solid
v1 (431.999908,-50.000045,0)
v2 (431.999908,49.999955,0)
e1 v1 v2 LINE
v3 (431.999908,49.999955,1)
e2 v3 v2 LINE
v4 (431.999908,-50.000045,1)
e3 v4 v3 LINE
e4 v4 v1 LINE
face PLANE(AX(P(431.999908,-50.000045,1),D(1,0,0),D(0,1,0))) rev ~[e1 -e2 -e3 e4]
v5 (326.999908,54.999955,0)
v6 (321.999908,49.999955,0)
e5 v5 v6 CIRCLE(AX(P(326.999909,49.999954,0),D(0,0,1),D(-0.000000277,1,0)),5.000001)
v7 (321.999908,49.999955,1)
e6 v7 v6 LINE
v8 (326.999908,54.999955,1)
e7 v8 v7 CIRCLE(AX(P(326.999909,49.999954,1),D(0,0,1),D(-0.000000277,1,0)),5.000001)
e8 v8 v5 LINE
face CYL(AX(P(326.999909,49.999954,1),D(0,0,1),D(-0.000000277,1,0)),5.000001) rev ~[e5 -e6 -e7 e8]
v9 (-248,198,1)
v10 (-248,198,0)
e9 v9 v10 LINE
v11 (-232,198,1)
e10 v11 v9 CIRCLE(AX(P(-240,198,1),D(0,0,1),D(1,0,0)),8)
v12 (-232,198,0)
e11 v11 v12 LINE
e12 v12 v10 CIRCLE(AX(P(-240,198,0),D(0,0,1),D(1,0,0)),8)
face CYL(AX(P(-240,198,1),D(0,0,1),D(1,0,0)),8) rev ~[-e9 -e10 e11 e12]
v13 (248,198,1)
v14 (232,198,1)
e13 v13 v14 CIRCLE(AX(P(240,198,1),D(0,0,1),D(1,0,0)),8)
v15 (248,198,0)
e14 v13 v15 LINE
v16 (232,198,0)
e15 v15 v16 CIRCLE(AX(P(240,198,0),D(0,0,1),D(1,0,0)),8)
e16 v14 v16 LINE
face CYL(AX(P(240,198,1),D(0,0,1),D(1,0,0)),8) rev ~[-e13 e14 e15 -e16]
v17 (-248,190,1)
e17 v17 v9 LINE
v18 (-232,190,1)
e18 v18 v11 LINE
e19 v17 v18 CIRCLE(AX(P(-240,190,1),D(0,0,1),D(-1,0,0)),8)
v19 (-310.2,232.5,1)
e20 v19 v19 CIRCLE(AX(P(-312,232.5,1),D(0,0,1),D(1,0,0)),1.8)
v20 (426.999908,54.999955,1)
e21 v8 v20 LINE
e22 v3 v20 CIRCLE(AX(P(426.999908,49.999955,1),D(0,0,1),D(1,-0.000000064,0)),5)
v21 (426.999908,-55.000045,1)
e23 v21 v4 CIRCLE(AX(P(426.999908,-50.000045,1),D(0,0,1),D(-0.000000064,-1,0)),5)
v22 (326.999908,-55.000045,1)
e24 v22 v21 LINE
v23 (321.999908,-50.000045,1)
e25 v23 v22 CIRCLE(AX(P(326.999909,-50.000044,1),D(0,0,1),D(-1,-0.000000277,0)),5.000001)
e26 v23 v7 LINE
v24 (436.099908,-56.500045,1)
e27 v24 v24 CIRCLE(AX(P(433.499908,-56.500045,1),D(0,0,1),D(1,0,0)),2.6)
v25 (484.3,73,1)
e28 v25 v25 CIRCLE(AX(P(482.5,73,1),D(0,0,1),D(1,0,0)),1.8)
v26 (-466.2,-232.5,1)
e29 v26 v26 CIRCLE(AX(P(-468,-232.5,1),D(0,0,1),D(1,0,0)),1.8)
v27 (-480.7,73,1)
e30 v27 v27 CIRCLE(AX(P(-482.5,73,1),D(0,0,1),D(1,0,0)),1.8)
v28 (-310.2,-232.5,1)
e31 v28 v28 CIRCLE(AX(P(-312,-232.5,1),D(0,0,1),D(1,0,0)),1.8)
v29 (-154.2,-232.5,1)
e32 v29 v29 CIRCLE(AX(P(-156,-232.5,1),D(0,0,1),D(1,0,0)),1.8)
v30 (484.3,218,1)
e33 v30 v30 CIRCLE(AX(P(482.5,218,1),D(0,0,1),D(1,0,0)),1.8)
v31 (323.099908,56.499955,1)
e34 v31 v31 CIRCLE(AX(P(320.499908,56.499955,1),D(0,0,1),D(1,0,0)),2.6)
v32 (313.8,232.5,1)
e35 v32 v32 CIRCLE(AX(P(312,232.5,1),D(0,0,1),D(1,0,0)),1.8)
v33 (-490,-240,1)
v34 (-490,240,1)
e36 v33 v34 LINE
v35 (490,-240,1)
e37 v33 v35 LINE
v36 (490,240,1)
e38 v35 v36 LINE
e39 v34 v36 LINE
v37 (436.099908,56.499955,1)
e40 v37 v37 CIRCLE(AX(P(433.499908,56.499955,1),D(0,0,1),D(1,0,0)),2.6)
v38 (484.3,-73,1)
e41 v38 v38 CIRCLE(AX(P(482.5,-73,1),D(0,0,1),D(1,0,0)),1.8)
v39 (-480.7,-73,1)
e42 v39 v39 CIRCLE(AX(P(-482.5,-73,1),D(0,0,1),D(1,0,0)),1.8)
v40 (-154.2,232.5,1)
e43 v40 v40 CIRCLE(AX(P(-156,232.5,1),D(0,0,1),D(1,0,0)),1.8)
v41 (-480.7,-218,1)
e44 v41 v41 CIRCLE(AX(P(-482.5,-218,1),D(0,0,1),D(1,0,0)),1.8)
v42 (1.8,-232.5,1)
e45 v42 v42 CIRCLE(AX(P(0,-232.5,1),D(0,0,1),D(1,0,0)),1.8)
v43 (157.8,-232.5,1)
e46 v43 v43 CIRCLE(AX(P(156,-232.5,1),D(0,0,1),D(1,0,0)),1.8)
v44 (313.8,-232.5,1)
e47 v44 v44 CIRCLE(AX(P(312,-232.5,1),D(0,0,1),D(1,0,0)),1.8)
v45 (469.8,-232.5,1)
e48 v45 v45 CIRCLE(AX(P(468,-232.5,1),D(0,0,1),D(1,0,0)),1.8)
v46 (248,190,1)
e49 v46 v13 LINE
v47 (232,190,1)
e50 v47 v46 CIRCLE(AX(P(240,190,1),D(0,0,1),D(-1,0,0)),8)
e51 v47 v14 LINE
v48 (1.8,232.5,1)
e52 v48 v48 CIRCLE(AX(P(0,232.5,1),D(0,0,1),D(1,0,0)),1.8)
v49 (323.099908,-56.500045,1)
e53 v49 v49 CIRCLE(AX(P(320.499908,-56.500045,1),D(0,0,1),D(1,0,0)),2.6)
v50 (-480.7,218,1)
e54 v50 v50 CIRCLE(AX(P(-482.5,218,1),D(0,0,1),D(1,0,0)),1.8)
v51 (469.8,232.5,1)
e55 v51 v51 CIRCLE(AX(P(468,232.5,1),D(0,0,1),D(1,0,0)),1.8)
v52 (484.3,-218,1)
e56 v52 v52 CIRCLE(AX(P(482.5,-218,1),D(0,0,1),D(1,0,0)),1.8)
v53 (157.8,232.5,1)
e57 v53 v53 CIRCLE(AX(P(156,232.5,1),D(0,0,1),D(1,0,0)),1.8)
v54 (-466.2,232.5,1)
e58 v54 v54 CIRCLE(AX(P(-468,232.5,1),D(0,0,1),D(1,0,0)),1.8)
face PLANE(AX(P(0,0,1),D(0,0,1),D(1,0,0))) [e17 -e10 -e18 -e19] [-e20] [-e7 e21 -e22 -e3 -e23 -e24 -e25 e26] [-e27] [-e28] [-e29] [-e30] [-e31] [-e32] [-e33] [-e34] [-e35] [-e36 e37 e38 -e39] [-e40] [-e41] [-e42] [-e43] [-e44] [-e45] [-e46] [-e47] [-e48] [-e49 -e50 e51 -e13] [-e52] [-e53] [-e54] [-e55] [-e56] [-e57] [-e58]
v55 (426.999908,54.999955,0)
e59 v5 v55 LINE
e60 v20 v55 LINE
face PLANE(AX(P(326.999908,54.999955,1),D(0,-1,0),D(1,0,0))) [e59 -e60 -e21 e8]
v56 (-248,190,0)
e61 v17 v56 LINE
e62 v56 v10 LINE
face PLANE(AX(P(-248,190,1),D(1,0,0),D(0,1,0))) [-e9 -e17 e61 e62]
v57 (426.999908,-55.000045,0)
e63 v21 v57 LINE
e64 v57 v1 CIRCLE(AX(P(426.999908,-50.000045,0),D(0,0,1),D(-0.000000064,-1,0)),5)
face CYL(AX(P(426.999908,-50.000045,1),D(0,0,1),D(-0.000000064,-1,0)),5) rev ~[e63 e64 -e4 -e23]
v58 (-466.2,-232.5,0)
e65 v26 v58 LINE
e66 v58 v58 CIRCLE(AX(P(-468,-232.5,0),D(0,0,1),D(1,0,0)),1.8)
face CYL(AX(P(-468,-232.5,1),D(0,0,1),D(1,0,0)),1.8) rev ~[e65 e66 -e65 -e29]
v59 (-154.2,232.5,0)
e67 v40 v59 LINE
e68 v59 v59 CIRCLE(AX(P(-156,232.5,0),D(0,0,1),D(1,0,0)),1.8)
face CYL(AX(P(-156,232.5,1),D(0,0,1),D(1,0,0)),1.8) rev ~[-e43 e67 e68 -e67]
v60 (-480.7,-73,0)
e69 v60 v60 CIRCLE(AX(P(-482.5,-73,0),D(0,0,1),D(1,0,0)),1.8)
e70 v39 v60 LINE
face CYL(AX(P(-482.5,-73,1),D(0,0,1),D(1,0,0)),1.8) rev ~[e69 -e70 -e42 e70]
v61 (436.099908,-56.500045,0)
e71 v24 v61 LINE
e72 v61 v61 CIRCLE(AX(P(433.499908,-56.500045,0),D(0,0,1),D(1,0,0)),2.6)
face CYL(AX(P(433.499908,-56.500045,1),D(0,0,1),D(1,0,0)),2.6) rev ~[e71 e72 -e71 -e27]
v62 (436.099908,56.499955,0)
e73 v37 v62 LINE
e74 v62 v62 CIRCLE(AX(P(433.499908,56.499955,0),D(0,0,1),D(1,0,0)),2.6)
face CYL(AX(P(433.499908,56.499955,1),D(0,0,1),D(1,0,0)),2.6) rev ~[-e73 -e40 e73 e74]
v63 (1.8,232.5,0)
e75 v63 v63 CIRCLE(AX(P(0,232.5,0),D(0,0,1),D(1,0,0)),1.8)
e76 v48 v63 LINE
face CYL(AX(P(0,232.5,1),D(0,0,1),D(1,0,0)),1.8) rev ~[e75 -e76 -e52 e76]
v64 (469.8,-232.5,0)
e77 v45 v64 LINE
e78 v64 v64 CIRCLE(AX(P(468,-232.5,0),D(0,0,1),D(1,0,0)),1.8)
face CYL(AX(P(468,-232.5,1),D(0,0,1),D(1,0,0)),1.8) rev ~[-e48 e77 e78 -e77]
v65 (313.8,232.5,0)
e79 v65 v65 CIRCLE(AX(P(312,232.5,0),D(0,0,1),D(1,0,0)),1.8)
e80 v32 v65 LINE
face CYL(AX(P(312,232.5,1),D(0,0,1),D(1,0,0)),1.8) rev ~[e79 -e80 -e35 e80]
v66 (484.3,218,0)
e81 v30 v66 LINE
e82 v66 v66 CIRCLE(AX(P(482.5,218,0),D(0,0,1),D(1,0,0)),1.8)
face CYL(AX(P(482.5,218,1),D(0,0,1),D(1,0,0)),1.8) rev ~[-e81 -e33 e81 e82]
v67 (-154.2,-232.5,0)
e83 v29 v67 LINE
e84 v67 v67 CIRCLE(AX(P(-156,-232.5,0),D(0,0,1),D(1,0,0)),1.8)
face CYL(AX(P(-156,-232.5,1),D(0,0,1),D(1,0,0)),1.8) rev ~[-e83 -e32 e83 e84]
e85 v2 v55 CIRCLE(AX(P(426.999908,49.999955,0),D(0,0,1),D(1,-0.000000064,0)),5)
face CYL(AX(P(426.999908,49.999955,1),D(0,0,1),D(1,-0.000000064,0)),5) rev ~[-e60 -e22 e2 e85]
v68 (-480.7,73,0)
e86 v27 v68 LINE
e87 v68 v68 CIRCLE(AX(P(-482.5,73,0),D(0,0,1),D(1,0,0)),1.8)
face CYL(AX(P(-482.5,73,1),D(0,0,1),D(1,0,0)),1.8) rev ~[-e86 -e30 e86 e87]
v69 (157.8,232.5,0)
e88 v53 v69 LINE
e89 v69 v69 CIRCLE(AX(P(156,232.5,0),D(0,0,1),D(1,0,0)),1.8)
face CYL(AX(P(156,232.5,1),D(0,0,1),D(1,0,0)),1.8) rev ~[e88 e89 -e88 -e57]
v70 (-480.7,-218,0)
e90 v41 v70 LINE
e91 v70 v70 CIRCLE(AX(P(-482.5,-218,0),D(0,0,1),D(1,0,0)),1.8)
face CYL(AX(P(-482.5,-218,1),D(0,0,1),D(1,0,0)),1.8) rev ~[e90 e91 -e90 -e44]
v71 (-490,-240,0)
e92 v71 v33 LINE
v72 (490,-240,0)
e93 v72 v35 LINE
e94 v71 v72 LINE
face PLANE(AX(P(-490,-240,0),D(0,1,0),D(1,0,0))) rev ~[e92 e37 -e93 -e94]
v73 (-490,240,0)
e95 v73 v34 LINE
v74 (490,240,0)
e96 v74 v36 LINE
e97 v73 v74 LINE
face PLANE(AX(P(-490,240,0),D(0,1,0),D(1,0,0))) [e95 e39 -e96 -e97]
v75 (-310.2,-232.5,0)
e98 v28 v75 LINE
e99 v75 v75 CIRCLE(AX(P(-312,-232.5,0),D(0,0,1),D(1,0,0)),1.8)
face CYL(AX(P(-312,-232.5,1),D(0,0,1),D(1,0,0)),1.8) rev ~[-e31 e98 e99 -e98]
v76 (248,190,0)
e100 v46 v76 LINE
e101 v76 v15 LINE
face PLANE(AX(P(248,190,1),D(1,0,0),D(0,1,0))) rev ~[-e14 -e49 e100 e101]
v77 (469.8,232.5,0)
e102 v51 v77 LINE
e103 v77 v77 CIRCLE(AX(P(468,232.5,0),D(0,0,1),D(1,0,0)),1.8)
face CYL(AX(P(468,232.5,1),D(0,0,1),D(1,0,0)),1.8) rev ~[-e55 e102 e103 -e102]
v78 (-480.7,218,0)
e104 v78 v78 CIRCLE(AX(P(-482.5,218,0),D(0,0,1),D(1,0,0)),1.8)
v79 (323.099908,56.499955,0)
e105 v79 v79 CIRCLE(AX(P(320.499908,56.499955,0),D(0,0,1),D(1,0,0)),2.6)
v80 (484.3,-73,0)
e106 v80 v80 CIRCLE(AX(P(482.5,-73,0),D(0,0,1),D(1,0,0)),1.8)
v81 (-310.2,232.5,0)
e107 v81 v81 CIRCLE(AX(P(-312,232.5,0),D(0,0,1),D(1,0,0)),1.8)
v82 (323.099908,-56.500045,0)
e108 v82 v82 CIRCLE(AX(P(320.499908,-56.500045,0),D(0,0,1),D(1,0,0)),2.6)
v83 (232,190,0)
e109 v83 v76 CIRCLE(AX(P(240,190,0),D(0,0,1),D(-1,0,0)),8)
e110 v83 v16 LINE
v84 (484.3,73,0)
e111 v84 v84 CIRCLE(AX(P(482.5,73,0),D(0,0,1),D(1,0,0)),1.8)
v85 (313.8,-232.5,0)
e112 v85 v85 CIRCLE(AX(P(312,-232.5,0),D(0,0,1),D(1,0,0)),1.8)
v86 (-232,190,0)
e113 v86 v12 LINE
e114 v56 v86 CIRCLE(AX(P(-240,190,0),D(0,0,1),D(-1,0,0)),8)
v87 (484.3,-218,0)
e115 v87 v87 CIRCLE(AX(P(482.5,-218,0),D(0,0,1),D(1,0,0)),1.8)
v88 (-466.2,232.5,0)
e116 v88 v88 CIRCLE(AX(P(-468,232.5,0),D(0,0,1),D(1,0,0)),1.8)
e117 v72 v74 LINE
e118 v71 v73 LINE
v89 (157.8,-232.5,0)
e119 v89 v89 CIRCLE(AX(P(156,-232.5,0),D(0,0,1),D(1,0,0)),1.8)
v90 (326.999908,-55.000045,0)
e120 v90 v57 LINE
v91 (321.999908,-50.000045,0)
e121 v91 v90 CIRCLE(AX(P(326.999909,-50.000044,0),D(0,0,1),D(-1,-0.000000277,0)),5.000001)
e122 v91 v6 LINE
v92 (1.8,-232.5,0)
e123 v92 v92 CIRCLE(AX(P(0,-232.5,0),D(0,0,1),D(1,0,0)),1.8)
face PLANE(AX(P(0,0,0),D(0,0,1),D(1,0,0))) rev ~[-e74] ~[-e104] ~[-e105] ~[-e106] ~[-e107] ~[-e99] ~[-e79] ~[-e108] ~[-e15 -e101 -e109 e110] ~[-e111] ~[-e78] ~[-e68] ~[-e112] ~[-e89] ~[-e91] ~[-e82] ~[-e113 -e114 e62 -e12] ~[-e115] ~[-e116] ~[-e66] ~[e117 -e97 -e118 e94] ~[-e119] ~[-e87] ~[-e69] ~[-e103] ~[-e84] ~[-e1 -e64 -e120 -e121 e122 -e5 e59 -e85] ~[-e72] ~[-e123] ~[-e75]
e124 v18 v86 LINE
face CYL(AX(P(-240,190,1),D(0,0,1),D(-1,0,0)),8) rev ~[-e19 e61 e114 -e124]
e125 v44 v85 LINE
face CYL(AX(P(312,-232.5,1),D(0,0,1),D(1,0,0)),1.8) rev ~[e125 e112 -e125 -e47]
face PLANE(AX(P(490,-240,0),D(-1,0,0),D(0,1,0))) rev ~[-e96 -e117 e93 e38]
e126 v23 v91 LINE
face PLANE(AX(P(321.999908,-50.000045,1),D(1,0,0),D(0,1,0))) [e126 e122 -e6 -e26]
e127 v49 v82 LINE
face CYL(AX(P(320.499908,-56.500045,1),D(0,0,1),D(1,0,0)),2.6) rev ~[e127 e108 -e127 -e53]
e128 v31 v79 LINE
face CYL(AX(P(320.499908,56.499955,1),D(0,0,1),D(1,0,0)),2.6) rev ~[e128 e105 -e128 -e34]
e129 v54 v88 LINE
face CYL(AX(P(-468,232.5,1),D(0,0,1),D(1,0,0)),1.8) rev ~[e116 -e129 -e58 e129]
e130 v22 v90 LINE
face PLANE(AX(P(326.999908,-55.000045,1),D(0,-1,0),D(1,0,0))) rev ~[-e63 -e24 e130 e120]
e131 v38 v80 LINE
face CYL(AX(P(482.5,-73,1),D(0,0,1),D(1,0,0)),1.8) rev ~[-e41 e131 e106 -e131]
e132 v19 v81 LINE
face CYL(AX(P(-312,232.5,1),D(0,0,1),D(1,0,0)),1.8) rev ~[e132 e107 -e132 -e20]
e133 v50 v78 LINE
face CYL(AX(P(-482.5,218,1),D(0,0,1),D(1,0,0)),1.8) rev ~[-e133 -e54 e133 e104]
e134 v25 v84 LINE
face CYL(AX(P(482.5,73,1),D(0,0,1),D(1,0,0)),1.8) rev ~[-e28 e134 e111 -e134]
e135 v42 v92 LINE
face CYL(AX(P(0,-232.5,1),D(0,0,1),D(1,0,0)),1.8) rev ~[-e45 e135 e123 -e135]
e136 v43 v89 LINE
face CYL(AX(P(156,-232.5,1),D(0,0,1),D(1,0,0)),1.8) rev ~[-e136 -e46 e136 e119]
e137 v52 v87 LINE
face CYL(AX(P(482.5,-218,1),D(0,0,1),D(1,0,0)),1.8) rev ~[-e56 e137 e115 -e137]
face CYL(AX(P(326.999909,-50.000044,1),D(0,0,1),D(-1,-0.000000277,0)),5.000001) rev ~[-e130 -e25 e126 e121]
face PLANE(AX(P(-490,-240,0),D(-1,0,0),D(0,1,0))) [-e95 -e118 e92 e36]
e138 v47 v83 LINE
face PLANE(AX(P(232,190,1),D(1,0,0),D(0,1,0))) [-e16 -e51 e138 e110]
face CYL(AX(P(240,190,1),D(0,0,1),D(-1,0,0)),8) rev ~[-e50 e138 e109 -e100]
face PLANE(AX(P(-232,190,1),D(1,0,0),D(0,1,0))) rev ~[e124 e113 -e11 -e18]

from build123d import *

# Parameters (mm, degrees)
SKETCH_W        = 980
SKETCH_H        = 480
PAD_DEPTH       = 1
SKETCH001_R     = 1.8
POCKET_DEPTH    = 1.001
SKETCH030_R     = 2.6
POCKET018_DEPTH = 1.001
POCKET019_DEPTH = 1.001
POCKET022_DEPTH = 1.001


with BuildPart() as part:
    # Sketch → Pad (new body)
    with BuildSketch(Plane.XY):
        Rectangle(SKETCH_W, SKETCH_H)
    extrude(amount=PAD_DEPTH)

    # Sketch001 (on Face6 of Pad) → Pocket (cut, through all)
    with BuildSketch(Plane.XY.offset(1)):
        with Locations((0, 232.5)):
            Circle(SKETCH001_R)
        with Locations((156, 232.5)):
            Circle(SKETCH001_R)
        with Locations((312, 232.5)):
            Circle(SKETCH001_R)
        with Locations((468, 232.5)):
            Circle(SKETCH001_R)
        with Locations((-156, 232.5)):
            Circle(SKETCH001_R)
        with Locations((-312, 232.5)):
            Circle(SKETCH001_R)
        with Locations((-468, 232.5)):
            Circle(SKETCH001_R)
        with Locations((482.5, 73)):
            Circle(SKETCH001_R)
        with Locations((482.5, 218)):
            Circle(SKETCH001_R)
        with Locations((-482.5, 218)):
            Circle(SKETCH001_R)
        with Locations((-482.5, 73)):
            Circle(SKETCH001_R)
        with Locations((-468, -232.5)):
            Circle(SKETCH001_R)
        with Locations((-312, -232.5)):
            Circle(SKETCH001_R)
        with Locations((-156, -232.5)):
            Circle(SKETCH001_R)
        with Locations((0, -232.5)):
            Circle(SKETCH001_R)
        with Locations((156, -232.5)):
            Circle(SKETCH001_R)
        with Locations((312, -232.5)):
            Circle(SKETCH001_R)
        with Locations((468, -232.5)):
            Circle(SKETCH001_R)
        with Locations((482.5, -218)):
            Circle(SKETCH001_R)
        with Locations((-482.5, -218)):
            Circle(SKETCH001_R)
        with Locations((482.5, -73)):
            Circle(SKETCH001_R)
        with Locations((-482.5, -73)):
            Circle(SKETCH001_R)
    extrude(amount=-POCKET_DEPTH, mode=Mode.SUBTRACT)

    # Sketch030 → Pocket018 (cut, through all)
    with BuildSketch(Plane.XY.offset(1)):
        with Locations((320.499908, -56.500045)):
            Circle(SKETCH030_R)
        with Locations((433.499908, -56.500045)):
            Circle(SKETCH030_R)
        with Locations((320.499908, 56.499955)):
            Circle(SKETCH030_R)
        with Locations((433.499908, 56.499955)):
            Circle(SKETCH030_R)
    extrude(amount=-POCKET018_DEPTH, mode=Mode.SUBTRACT)

    # Sketch029 (on Face5 of Pocket) → Pocket019 (cut, through all)
    with BuildSketch(Plane.XY.offset(1)):
        with BuildLine():
            ThreePointArc((326.999908, 54.999955), (323.464375, 53.535489), (321.999908, 49.999955))
            Line((321.999908, -50.000045), (321.999908, 49.999955))
            ThreePointArc((321.999908, -50.000045), (323.464375, -53.535579), (326.999908, -55.000045))
            Line((326.999908, -55.000045), (426.999908, -55.000045))
            ThreePointArc((426.999908, -55.000045), (430.535442, -53.535579), (431.999908, -50.000045))
            Line((431.999908, -50.000045), (431.999908, 49.999955))
            ThreePointArc((431.999908, 49.999955), (430.535442, 53.535489), (426.999908, 54.999955))
            Line((326.999908, 54.999955), (426.999908, 54.999955))
        make_face()
    extrude(amount=-POCKET019_DEPTH, mode=Mode.SUBTRACT)

    # Sketch037 (on Face5 of Pocket019) → Pocket022 (cut, through all)
    with BuildSketch(Plane.XY.offset(1)):
        with BuildLine():
            ThreePointArc((232, 190), (240, 182), (248, 190))
            Line((248, 190), (248, 198))
            ThreePointArc((248, 198), (240, 206), (232, 198))
            Line((232, 190), (232, 198))
        make_face()
        with BuildLine():
            Line((-232, 190), (-232, 198))
            ThreePointArc((-232, 198), (-240, 206), (-248, 198))
            Line((-248, 190), (-248, 198))
            ThreePointArc((-248, 190), (-240, 182), (-232, 190))
        make_face()
    extrude(amount=-POCKET022_DEPTH, mode=Mode.SUBTRACT)


solid = part.part
